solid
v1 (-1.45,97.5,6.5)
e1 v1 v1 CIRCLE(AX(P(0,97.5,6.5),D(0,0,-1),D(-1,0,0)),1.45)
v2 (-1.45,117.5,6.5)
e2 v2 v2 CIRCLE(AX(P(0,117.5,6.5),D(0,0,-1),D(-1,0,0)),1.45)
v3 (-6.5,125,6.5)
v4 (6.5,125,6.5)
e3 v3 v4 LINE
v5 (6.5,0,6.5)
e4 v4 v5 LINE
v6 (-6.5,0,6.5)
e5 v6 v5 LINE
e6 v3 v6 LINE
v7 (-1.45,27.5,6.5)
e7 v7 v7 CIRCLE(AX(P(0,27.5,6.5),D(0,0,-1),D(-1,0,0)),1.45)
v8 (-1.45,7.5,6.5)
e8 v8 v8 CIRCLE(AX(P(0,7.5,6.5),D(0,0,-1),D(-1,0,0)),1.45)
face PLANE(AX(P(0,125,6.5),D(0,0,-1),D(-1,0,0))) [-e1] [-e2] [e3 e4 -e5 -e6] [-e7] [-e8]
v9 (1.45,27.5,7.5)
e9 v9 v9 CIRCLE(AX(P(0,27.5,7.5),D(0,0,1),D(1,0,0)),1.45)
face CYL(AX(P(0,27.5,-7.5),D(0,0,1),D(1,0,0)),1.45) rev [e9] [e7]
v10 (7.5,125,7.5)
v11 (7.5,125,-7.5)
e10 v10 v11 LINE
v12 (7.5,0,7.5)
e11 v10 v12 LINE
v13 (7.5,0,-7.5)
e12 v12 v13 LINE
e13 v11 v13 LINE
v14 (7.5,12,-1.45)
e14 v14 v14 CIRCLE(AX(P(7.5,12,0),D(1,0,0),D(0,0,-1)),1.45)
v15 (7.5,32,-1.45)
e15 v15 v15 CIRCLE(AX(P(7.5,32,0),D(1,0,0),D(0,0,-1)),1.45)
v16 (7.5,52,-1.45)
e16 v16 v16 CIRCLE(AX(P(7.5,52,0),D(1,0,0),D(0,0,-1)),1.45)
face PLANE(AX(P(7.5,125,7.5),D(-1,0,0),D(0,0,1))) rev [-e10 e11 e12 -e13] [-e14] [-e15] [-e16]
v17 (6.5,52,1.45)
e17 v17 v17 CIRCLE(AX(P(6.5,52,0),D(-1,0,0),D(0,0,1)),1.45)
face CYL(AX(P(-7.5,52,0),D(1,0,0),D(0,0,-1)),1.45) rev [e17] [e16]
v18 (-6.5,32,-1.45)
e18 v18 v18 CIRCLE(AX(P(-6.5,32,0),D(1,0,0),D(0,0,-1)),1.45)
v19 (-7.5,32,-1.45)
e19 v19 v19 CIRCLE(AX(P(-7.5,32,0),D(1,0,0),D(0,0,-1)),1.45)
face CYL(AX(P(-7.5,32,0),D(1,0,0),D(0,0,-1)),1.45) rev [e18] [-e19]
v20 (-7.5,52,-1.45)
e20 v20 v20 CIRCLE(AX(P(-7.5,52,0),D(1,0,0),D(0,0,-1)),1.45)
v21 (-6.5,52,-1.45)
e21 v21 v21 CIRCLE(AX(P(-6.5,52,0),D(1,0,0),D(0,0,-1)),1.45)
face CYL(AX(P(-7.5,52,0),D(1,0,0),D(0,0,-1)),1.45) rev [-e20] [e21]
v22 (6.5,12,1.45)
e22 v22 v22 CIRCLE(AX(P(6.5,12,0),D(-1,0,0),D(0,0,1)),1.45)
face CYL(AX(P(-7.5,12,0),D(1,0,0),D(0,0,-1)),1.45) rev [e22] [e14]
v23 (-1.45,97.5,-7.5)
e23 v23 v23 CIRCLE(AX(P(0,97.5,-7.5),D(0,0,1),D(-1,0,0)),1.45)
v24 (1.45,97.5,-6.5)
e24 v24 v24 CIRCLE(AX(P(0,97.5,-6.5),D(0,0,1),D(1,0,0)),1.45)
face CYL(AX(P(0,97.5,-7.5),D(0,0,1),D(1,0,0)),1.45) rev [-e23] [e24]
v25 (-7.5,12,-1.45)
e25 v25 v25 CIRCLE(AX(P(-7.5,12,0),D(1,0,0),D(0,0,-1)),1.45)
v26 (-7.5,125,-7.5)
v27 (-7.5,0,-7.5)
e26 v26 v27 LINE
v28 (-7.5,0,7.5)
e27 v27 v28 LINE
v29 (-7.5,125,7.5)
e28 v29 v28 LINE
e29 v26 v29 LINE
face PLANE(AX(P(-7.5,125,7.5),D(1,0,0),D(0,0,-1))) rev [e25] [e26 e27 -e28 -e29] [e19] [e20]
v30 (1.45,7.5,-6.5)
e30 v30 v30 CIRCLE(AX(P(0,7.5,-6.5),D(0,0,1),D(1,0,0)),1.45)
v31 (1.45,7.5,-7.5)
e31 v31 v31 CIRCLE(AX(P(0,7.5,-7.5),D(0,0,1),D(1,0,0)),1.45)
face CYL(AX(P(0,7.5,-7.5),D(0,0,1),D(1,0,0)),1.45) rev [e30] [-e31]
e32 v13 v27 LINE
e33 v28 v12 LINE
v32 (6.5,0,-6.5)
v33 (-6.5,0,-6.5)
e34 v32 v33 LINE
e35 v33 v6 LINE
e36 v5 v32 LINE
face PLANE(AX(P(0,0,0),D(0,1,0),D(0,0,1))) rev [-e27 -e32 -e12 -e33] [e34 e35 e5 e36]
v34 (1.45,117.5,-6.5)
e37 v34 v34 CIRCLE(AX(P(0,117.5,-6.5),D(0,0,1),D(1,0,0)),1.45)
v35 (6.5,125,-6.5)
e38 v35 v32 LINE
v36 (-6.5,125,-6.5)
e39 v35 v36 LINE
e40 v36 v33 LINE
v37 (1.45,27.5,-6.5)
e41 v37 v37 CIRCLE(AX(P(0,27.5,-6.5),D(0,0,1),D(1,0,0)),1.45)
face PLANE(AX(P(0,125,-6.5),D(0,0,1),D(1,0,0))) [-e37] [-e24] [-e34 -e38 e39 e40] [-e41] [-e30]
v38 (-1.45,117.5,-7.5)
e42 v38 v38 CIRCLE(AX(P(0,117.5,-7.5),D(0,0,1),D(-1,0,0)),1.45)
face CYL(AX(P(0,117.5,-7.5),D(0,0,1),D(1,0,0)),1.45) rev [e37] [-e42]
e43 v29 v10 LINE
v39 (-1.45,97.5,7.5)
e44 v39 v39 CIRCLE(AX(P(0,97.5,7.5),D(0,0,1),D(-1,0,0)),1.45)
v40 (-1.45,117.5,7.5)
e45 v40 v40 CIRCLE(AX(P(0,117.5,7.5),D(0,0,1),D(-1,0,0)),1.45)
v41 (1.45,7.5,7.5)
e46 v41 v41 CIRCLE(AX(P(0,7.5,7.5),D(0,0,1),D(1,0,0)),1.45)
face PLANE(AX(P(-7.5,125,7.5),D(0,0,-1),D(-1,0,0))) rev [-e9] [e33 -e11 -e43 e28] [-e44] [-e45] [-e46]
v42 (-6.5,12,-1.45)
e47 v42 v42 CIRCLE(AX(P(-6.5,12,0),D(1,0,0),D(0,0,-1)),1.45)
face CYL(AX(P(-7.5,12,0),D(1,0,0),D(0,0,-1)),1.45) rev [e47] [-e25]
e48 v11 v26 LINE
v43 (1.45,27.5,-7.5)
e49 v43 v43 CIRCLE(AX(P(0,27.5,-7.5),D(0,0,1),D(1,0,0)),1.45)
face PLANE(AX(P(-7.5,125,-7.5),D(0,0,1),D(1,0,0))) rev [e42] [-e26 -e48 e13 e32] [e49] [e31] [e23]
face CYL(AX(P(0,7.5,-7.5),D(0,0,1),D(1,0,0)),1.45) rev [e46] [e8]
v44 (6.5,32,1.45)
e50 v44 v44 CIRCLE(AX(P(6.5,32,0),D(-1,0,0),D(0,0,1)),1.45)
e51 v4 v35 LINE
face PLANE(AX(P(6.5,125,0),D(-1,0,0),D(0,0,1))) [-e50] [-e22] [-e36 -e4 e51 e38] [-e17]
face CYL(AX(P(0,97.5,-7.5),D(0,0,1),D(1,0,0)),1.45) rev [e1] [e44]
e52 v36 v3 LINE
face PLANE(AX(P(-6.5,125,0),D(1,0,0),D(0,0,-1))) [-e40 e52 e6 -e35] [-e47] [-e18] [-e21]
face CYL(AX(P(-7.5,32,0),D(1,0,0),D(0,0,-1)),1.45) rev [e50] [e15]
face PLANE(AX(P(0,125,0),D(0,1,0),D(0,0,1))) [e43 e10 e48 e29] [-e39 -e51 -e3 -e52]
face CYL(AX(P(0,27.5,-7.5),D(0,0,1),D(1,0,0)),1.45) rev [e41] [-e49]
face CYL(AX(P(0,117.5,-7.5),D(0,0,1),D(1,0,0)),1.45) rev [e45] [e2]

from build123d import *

# Parameters (mm, degrees)
SKETCH_1_W          = 15
SKETCH_1_H          = 15
SKETCH_1_W_2        = 13
SKETCH_1_H_2        = 13
EXTRUDE_1_DEPTH     = 125
SKETCH_2_R          = 1.45
CUT_EXTRUDE_1_DEPTH = 127.119982556
SKETCH_3_R          = 1.45
CUT_EXTRUDE_2_DEPTH = 127.119982556


with BuildPart() as part:
    # 草图1 → 拉伸-薄壁1 (new body)
    with BuildSketch(Plane(origin=(0, 0, 0), x_dir=(1, 0, 0), z_dir=(0, 1, 0))):
        Rectangle(SKETCH_1_W, SKETCH_1_H)
        Rectangle(SKETCH_1_W_2, SKETCH_1_H_2, mode=Mode.SUBTRACT)
    extrude(amount=EXTRUDE_1_DEPTH)

    # 草图2 → 切除-拉伸1 (cut, through all)
    with BuildSketch(Plane.XY.offset(7.5)):
        with Locations((0, 7.5)):
            Circle(SKETCH_2_R)
        with Locations((0, 27.5)):
            Circle(SKETCH_2_R)
        with Locations(Location((0, 97.5, 0), (0, 0, 180))):
            Circle(SKETCH_2_R)
        with Locations(Location((0, 117.5, 0), (0, 0, 180))):
            Circle(SKETCH_2_R)
    extrude(amount=-CUT_EXTRUDE_1_DEPTH, mode=Mode.SUBTRACT)

    # 草图3 → 切除-拉伸2 (cut, through all)
    with BuildSketch(Plane(origin=(7.5, 0, 0), x_dir=(0, 0, -1), z_dir=(1, 0, 0))):
        with Locations((0, 32)):
            Circle(SKETCH_3_R)
        with Locations((0, 12)):
            Circle(SKETCH_3_R)
        with Locations((0, 52)):
            Circle(SKETCH_3_R)
    extrude(amount=-CUT_EXTRUDE_2_DEPTH, mode=Mode.SUBTRACT)


solid = part.part
